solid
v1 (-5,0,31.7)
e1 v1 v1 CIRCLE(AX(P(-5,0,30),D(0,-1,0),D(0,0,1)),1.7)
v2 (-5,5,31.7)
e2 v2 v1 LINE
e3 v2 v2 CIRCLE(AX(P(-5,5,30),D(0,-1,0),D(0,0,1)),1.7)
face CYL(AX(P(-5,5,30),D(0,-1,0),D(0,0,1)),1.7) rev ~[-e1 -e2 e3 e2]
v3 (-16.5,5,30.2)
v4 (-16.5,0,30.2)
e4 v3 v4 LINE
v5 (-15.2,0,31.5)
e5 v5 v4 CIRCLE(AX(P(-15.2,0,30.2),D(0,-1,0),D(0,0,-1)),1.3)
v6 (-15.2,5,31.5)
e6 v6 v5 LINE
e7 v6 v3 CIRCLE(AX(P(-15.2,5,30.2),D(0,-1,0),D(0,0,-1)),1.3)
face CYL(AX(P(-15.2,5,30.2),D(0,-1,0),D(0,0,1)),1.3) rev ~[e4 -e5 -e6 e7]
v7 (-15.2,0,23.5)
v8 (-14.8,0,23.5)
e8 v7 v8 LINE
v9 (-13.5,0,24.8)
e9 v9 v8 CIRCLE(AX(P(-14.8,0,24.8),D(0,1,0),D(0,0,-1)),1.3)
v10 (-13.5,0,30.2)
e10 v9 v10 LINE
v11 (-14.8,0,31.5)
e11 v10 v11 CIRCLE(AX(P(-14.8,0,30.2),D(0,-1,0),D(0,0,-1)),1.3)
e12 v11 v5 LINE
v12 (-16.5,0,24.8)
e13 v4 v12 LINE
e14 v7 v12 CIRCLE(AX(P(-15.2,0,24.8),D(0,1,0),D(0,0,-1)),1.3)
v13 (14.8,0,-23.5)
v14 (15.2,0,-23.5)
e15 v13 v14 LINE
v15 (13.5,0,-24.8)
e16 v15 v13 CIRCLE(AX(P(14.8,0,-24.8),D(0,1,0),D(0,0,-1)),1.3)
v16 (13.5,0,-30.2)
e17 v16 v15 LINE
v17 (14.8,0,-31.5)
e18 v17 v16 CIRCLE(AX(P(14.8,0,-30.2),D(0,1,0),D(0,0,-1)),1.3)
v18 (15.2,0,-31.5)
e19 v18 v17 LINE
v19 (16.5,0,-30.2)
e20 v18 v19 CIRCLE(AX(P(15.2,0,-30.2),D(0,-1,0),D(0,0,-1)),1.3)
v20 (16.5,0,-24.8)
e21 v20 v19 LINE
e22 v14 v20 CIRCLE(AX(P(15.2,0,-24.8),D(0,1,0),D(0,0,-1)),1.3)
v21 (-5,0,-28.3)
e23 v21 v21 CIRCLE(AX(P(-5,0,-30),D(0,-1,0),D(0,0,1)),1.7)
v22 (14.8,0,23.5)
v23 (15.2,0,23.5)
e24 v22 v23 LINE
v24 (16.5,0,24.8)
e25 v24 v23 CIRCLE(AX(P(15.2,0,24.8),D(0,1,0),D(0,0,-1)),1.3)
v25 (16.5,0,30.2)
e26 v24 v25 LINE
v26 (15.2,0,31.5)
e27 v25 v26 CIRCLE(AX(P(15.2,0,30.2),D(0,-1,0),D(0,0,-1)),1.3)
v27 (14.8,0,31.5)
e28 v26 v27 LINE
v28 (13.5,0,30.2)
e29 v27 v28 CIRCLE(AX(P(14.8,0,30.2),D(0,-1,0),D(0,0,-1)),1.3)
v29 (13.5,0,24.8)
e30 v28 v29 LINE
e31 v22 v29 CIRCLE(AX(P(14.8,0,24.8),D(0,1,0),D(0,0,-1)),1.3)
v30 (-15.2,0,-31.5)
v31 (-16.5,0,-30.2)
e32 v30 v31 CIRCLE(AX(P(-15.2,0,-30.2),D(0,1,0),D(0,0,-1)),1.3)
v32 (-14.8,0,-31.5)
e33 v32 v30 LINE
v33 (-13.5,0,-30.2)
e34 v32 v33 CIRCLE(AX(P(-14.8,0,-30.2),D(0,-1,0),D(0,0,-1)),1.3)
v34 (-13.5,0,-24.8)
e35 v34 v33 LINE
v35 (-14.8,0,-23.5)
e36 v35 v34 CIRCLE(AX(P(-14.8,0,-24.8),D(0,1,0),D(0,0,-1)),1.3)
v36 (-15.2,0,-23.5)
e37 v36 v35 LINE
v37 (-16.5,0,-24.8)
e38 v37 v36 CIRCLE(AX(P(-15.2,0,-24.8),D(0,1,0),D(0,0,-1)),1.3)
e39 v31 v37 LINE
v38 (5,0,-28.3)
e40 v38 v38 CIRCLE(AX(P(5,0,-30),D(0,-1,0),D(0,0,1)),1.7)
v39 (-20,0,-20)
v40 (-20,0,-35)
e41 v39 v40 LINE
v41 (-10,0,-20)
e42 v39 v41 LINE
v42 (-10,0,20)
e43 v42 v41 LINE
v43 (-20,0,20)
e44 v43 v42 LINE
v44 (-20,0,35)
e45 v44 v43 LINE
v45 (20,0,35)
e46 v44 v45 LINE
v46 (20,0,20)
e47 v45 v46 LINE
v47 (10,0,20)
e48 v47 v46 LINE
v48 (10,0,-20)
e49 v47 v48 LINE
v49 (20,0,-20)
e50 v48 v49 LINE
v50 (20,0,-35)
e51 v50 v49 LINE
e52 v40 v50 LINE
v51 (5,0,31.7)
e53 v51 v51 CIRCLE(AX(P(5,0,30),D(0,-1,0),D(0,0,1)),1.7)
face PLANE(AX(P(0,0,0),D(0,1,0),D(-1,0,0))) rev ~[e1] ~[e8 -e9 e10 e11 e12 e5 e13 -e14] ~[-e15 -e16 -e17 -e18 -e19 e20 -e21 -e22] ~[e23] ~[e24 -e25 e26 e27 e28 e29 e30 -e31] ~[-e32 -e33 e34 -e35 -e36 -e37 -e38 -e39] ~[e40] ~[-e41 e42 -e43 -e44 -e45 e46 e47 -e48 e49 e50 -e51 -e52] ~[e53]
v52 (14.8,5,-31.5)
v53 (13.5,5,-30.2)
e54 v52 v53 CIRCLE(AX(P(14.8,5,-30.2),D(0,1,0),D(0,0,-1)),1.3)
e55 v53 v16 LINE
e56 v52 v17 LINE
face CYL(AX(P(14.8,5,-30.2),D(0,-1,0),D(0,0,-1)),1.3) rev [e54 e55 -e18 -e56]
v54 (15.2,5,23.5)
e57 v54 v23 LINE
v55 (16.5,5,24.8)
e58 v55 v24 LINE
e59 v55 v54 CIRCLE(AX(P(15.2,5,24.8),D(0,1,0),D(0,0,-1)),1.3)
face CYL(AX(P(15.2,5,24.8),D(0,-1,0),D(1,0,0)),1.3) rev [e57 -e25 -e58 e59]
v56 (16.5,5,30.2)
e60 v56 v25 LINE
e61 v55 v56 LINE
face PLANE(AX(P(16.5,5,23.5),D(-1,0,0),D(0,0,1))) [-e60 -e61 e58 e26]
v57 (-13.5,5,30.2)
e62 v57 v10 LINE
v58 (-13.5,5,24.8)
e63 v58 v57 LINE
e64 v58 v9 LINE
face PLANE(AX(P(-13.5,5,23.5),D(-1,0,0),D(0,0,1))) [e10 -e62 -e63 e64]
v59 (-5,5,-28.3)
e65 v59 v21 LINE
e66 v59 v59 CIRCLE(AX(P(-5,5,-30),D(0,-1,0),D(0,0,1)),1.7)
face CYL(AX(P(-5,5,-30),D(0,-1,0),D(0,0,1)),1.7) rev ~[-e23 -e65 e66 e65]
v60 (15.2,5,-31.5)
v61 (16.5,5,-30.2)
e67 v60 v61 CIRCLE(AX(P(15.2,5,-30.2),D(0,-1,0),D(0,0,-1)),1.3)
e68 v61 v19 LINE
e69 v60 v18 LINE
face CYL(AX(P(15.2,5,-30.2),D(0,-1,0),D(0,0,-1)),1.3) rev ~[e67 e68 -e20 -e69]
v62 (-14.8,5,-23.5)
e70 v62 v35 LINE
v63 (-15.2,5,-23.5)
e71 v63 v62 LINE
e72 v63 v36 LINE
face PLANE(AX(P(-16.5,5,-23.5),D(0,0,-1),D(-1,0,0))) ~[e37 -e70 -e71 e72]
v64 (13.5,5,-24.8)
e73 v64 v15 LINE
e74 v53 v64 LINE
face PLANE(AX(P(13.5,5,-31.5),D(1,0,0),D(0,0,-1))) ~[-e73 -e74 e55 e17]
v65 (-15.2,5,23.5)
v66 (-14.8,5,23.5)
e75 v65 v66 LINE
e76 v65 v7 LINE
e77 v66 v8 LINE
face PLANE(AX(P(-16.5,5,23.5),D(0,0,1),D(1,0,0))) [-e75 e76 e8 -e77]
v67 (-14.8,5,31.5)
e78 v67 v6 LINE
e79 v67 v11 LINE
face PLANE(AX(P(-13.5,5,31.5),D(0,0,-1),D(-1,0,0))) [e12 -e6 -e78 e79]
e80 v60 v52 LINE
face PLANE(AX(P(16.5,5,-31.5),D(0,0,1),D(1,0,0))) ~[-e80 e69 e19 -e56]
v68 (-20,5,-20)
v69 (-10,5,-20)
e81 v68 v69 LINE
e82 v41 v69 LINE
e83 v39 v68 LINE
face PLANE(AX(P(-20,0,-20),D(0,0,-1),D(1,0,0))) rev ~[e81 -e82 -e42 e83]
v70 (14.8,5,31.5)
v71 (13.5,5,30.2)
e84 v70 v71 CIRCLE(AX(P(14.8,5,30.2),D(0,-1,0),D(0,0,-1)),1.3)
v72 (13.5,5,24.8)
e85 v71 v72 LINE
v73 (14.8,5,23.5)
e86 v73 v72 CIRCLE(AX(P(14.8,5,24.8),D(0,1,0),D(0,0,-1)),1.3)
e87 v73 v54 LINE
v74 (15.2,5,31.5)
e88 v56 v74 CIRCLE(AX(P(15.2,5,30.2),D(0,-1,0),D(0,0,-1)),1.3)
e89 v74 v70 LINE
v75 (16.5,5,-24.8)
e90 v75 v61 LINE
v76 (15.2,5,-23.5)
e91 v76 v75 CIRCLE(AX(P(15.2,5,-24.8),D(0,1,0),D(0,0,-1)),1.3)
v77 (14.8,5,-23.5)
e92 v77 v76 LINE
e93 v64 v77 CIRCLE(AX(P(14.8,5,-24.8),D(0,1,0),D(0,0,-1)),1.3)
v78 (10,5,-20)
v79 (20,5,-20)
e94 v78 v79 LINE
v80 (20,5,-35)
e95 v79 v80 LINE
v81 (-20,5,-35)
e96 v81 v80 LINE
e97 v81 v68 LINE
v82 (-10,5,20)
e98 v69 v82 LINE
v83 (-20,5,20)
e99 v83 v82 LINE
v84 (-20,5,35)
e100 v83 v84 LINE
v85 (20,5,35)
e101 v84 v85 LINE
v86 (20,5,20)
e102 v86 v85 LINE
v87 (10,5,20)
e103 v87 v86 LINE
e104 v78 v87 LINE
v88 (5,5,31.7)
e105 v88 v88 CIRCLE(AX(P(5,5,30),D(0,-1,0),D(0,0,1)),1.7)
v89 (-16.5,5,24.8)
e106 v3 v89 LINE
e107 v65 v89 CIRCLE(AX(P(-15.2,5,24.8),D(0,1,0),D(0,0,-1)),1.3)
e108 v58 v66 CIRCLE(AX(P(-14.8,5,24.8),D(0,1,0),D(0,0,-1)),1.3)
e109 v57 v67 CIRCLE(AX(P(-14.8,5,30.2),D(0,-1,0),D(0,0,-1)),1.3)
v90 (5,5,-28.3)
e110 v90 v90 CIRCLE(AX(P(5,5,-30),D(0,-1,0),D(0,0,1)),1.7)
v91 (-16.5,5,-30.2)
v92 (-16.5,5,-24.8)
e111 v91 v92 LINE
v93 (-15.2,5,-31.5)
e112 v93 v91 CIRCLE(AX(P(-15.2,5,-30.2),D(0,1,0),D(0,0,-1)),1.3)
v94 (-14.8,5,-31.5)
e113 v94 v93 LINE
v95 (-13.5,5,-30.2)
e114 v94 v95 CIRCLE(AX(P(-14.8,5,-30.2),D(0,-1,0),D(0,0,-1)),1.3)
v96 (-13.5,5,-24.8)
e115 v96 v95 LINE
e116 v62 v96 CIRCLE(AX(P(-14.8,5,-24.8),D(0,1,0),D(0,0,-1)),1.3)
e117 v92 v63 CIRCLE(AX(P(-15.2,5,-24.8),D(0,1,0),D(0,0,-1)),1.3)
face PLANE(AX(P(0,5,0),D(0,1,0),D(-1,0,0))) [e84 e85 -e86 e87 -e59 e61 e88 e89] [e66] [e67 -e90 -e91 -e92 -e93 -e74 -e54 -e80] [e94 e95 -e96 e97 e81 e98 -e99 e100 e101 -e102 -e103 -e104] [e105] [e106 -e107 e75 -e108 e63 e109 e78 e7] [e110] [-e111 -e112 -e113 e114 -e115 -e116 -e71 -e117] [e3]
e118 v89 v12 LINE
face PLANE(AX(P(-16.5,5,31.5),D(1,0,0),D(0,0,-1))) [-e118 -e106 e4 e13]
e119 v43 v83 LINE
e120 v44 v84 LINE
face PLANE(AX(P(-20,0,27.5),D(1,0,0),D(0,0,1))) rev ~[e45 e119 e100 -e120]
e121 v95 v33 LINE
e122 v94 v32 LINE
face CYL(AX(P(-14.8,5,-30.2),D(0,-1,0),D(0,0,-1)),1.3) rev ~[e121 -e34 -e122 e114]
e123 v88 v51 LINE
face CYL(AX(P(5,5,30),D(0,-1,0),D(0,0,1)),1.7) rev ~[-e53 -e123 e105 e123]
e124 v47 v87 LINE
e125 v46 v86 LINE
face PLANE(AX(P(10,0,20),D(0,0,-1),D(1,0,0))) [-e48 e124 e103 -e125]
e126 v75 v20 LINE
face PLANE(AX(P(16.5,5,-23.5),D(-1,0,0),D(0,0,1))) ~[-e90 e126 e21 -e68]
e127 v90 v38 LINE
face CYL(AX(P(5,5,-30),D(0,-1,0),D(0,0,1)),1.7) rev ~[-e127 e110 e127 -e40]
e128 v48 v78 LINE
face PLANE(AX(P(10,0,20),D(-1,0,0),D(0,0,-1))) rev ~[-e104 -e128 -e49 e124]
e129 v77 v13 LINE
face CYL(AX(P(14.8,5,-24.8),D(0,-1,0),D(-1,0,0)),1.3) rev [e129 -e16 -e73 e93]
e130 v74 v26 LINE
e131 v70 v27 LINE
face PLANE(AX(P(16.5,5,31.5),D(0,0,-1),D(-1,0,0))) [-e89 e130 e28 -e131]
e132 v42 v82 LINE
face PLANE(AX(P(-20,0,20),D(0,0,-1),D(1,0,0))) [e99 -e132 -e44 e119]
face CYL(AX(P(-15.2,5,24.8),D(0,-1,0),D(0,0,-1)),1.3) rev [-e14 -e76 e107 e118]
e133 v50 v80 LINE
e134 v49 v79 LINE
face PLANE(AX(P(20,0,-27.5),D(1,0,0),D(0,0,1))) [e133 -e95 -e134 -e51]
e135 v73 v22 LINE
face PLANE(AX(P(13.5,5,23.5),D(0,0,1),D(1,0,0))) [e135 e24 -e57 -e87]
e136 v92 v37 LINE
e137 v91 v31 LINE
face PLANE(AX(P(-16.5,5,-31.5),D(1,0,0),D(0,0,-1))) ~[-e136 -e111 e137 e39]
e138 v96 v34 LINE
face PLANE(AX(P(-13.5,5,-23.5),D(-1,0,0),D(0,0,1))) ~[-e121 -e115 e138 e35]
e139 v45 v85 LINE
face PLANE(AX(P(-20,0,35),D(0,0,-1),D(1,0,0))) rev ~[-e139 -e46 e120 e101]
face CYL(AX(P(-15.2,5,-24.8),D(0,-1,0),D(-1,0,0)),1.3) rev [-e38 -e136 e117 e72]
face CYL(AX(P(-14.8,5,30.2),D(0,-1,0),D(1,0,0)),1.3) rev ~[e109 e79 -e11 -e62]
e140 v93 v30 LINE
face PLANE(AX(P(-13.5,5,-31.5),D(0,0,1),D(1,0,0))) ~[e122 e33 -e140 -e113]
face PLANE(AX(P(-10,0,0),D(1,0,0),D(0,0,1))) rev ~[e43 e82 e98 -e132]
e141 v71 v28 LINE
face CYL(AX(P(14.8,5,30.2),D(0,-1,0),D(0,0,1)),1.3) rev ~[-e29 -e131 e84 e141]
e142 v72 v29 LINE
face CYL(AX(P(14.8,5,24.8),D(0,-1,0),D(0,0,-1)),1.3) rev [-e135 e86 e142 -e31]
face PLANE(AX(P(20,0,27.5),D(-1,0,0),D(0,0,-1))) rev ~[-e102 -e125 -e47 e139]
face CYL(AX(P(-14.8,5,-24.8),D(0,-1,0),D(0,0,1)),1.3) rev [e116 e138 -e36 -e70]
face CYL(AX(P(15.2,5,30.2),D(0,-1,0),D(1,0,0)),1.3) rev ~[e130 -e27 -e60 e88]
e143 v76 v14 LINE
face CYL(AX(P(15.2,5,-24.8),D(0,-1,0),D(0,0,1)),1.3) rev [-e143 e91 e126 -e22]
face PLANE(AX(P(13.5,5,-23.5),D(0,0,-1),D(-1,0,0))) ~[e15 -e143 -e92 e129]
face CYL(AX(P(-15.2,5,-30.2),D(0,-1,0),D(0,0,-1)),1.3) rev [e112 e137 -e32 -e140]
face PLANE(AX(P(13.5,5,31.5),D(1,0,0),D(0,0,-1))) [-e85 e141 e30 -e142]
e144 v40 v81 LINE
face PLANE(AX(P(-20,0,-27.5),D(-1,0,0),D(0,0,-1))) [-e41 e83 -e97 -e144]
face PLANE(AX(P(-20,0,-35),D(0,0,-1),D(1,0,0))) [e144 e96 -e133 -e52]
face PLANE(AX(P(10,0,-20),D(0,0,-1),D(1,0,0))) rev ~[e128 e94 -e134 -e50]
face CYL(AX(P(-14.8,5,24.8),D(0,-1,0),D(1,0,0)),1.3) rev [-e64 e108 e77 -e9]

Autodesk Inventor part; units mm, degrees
ref_plane "YZ Plane" through (0, 0, 0) normal (1, 0, 0) x (0, 1, 0)
ref_plane "XZ Plane" through (0, 0, 0) normal (0, 1, 0) x (-1, 0, 0)
ref_plane "XY Plane" through (0, 0, 0) normal (0, 0, 1) x (1, 0, 0)
sketch "Sketch1" plane through (0, 0, 0) normal (0, 1, 0) x (-1, 0, 0)
  line L0 (-10, 20) -> (-10, 0)
  line L1 (10, 0) -> (10, 20)
  line L2 (20, 20) -> (10, 20)
  line L3 (-10, 20) -> (-20, 20)
  line L4 (20, 20) -> (20, 35)
  line L5 (-20, 35) -> (-20, 20)
  line L6 (20, 35) -> (-20, 35)
  line L7 (10, 0) -> (-10, 0) construction
  line L8 (10, 20) -> (-10, 20) construction
  line L9 (0, 20) -> (0, 0) construction
  line L10 (10, 15) -> (-10, 15) construction
  line L11 (10, 15) -> (0, 15) construction
  line L12 (0, 15) -> (-10, 15) construction
  line L13 (15, 35) -> (15, 27.5) construction
  line L14 (15, 27.5) -> (15, 20) construction
  line L15 (-15, 35) -> (-15, 27.5) construction
  line L16 (-15, 27.5) -> (-15, 20) construction
  line L17 (0, 15) -> (5, 15) construction
  line L18 (0, 15) -> (-5, 15) construction
  line L19 (5.1791, 30) -> (-4.8209, 30)
  line L20 (20, 27.5) -> (15, 27.5)
  line L21 (-20, 27.5) -> (-15, 27.5)
  line L22 (-10, -20) -> (-10, 0)
  line L23 (10, 0) -> (10, -20)
  line L24 (20, -20) -> (10, -20)
  line L25 (-10, -20) -> (-20, -20)
  line L26 (20, -20) -> (20, -35)
  line L27 (-20, -35) -> (-20, -20)
  line L28 (20, -35) -> (-20, -35)
  line L29 (10, -20) -> (-10, -20) construction
  line L30 (0, -20) -> (0, 0) construction
  line L31 (10, -15) -> (-10, -15) construction
  line L32 (10, -15) -> (0, -15) construction
  line L33 (0, -15) -> (-10, -15) construction
  line L34 (15, -35) -> (15, -27.5) construction
  line L35 (15, -27.5) -> (15, -20) construction
  line L36 (-15, -35) -> (-15, -27.5) construction
  line L37 (-15, -27.5) -> (-15, -20) construction
  line L38 (0, -15) -> (5, -15) construction
  line L39 (0, -15) -> (-5, -15) construction
  line L40 (5.1791, -30) -> (-4.8209, -30)
  line L41 (20, -27.5) -> (15, -27.5)
  line L42 (-20, -27.5) -> (-15, -27.5)
  dimension "outerW" = 15
  dimension "d84" = 5
  dimension "d127" = 20
  dimension "d128" = 35
  dimension "d129" = 5
extrude "Extrusion1" add sketch "Sketch1" along normal blind 5
sketch "Sketch8" plane through (0, 5, 0) normal (0, 1, 0) x (1, 0, 0)
  line L0 (-10, -20) -> (-10, 20) projected
  line L1 (-10, 20) -> (-20, 20) projected
  line L2 (-20, 20) -> (-20, 35) projected
  line L3 (-20, 35) -> (20, 35) projected
  line L4 (20, 35) -> (20, 20) projected
  line L5 (20, 20) -> (10, 20) projected
  line L6 (10, 20) -> (10, -20) projected
  line L7 (10, -20) -> (20, -20) projected
  line L8 (20, -20) -> (20, -35) projected
  line L9 (20, -35) -> (-20, -35) projected
  line L10 (-20, -35) -> (-20, -20) projected
  line L11 (-20, -20) -> (-10, -20) projected
  line L12 (-20, -20) -> (-20, -35) projected
  line L13 (-20, -27.5) -> (-15, -27.5)
  line L14 (20, -35) -> (20, -20) projected
  line L15 (20, -27.5) -> (15, -27.5)
  line L16 (20, -30) -> (-20, -30)
  line L17 (-5, -30) -> (5, -30)
  line L18 (5, -30) -> (5, -35)
  line L19 (-5, -35) -> (-5, -30)
  line L20 (-5, -30) -> (0, -30)
  line L21 (-10, 20) -> (-10, -20) projected
  line L22 (-10, 0) -> (10, 0)
  line L23 (10, 20) -> (20, 20)
  line L24 (20, 20) -> (20, 35)
  line L25 (20, 35) -> (-20, 35)
  line L26 (-20, 35) -> (-20, 20)
  line L27 (-20, 20) -> (-10, 20)
  line L28 (-20, 20) -> (-20, 35)
  line L29 (-20, 27.5) -> (-15, 27.5)
  line L30 (20, 35) -> (20, 20)
  line L31 (20, 27.5) -> (15, 27.5)
  line L32 (20, 30) -> (-20, 30)
  line L33 (-5, 30) -> (5, 30)
  line L34 (5, 30) -> (5, 35)
  line L35 (-5, 35) -> (-5, 30)
  line L36 (-5, 30) -> (0, 30)
  point P0 (0, 0)
  point P1 (0, -35)
  point P2 (0, 35)
  dimension "d130" = 5
hole "Hole12" at (-5, 5, 30) at (-5, 5, -30) at (5, 5, 30) at (5, 5, -30) direction (0, -1, 0) diameter 3.4 end through all clearance for "Socket Head Cap Screw ISO 4762" size "M3" standard "ISO"
sketch "Sketch9" plane through (0, 5, 0) normal (0, 1, 0) x (1, 0, 0)
  circle A0 centre (5, -30) radius 1.7 projected
  circle A1 centre (-5, -30) radius 1.7 projected
  circle A2 centre (-5, 30) radius 1.7 projected
  circle A3 centre (5, 30) radius 1.7 projected
  line L0 (-10, -20) -> (-10, 20) projected
  line L1 (-10, 20) -> (-20, 20) projected
  line L2 (-20, 20) -> (-20, 35) projected
  line L3 (-20, 35) -> (20, 35) projected
  line L4 (20, 35) -> (20, 20) projected
  line L5 (20, 20) -> (10, 20) projected
  line L6 (10, 20) -> (10, -20) projected
  line L7 (10, -20) -> (20, -20) projected
  line L8 (20, -20) -> (20, -35) projected
  line L9 (20, -35) -> (-20, -35) projected
  line L10 (-20, -35) -> (-20, -20) projected
  line L11 (-20, -20) -> (-10, -20) projected
  line L12 (-20, -20) -> (-20, -35) projected
  line L13 (20, -35) -> (20, -20) projected
  line L14 (-20, -35) -> (20, -35) projected
  line L15 (-13.5, -31.5) -> (-16.5, -31.5)
  line L16 (-16.5, -31.5) -> (-16.5, -23.5)
  line L17 (-16.5, -23.5) -> (-13.5, -23.5)
  line L18 (-13.5, -23.5) -> (-13.5, -31.5)
  line L19 (-13.5, -31.5) -> (-16.5, -23.5) construction
  line L20 (-16.5, -31.5) -> (-13.5, -23.5) construction
  line L21 (16.5, -31.5) -> (13.5, -31.5)
  line L22 (13.5, -31.5) -> (13.5, -23.5)
  line L23 (13.5, -23.5) -> (16.5, -23.5)
  line L24 (16.5, -23.5) -> (16.5, -31.5)
  line L25 (16.5, -31.5) -> (13.5, -23.5) construction
  line L26 (13.5, -31.5) -> (16.5, -23.5) construction
  point P0 (0, 0)
  point P1 (-15, -27.5)
  point P2 (15, -27.5)
  dimension "d140" = 3
  dimension "d141" = 8
  dimension "d142" = 3
  dimension "d143" = 8
extrude "Extrusion4" cut sketch "Sketch9" against normal through all contours L15 L16 L17 L18 | L21 L22 L23 L24
mirror "Mirror3" about plane through (0, 0, 0) normal (0, 0, 1) of "Extrusion4"
fillet "Fillet4" radius 1.3 16 edges at (-16.5, 2.5, 23.5) (-13.5, 2.5, 23.5) (13.5, 2.5, 23.5) (16.5, 2.5, 23.5) (-16.5, 2.5, 31.5) (-13.5, 2.5, 31.5) (13.5, 2.5, 31.5) (16.5, 2.5, 31.5) (-16.5, 2.5, -31.5) (-13.5, 2.5, -31.5) (-16.5, 2.5, -23.5) (-13.5, 2.5, -23.5) (13.5, 2.5, -23.5) (16.5, 2.5, -23.5) (13.5, 2.5, -31.5) (16.5, 2.5, -31.5)
properties part number "mount-base" material "Copper"
